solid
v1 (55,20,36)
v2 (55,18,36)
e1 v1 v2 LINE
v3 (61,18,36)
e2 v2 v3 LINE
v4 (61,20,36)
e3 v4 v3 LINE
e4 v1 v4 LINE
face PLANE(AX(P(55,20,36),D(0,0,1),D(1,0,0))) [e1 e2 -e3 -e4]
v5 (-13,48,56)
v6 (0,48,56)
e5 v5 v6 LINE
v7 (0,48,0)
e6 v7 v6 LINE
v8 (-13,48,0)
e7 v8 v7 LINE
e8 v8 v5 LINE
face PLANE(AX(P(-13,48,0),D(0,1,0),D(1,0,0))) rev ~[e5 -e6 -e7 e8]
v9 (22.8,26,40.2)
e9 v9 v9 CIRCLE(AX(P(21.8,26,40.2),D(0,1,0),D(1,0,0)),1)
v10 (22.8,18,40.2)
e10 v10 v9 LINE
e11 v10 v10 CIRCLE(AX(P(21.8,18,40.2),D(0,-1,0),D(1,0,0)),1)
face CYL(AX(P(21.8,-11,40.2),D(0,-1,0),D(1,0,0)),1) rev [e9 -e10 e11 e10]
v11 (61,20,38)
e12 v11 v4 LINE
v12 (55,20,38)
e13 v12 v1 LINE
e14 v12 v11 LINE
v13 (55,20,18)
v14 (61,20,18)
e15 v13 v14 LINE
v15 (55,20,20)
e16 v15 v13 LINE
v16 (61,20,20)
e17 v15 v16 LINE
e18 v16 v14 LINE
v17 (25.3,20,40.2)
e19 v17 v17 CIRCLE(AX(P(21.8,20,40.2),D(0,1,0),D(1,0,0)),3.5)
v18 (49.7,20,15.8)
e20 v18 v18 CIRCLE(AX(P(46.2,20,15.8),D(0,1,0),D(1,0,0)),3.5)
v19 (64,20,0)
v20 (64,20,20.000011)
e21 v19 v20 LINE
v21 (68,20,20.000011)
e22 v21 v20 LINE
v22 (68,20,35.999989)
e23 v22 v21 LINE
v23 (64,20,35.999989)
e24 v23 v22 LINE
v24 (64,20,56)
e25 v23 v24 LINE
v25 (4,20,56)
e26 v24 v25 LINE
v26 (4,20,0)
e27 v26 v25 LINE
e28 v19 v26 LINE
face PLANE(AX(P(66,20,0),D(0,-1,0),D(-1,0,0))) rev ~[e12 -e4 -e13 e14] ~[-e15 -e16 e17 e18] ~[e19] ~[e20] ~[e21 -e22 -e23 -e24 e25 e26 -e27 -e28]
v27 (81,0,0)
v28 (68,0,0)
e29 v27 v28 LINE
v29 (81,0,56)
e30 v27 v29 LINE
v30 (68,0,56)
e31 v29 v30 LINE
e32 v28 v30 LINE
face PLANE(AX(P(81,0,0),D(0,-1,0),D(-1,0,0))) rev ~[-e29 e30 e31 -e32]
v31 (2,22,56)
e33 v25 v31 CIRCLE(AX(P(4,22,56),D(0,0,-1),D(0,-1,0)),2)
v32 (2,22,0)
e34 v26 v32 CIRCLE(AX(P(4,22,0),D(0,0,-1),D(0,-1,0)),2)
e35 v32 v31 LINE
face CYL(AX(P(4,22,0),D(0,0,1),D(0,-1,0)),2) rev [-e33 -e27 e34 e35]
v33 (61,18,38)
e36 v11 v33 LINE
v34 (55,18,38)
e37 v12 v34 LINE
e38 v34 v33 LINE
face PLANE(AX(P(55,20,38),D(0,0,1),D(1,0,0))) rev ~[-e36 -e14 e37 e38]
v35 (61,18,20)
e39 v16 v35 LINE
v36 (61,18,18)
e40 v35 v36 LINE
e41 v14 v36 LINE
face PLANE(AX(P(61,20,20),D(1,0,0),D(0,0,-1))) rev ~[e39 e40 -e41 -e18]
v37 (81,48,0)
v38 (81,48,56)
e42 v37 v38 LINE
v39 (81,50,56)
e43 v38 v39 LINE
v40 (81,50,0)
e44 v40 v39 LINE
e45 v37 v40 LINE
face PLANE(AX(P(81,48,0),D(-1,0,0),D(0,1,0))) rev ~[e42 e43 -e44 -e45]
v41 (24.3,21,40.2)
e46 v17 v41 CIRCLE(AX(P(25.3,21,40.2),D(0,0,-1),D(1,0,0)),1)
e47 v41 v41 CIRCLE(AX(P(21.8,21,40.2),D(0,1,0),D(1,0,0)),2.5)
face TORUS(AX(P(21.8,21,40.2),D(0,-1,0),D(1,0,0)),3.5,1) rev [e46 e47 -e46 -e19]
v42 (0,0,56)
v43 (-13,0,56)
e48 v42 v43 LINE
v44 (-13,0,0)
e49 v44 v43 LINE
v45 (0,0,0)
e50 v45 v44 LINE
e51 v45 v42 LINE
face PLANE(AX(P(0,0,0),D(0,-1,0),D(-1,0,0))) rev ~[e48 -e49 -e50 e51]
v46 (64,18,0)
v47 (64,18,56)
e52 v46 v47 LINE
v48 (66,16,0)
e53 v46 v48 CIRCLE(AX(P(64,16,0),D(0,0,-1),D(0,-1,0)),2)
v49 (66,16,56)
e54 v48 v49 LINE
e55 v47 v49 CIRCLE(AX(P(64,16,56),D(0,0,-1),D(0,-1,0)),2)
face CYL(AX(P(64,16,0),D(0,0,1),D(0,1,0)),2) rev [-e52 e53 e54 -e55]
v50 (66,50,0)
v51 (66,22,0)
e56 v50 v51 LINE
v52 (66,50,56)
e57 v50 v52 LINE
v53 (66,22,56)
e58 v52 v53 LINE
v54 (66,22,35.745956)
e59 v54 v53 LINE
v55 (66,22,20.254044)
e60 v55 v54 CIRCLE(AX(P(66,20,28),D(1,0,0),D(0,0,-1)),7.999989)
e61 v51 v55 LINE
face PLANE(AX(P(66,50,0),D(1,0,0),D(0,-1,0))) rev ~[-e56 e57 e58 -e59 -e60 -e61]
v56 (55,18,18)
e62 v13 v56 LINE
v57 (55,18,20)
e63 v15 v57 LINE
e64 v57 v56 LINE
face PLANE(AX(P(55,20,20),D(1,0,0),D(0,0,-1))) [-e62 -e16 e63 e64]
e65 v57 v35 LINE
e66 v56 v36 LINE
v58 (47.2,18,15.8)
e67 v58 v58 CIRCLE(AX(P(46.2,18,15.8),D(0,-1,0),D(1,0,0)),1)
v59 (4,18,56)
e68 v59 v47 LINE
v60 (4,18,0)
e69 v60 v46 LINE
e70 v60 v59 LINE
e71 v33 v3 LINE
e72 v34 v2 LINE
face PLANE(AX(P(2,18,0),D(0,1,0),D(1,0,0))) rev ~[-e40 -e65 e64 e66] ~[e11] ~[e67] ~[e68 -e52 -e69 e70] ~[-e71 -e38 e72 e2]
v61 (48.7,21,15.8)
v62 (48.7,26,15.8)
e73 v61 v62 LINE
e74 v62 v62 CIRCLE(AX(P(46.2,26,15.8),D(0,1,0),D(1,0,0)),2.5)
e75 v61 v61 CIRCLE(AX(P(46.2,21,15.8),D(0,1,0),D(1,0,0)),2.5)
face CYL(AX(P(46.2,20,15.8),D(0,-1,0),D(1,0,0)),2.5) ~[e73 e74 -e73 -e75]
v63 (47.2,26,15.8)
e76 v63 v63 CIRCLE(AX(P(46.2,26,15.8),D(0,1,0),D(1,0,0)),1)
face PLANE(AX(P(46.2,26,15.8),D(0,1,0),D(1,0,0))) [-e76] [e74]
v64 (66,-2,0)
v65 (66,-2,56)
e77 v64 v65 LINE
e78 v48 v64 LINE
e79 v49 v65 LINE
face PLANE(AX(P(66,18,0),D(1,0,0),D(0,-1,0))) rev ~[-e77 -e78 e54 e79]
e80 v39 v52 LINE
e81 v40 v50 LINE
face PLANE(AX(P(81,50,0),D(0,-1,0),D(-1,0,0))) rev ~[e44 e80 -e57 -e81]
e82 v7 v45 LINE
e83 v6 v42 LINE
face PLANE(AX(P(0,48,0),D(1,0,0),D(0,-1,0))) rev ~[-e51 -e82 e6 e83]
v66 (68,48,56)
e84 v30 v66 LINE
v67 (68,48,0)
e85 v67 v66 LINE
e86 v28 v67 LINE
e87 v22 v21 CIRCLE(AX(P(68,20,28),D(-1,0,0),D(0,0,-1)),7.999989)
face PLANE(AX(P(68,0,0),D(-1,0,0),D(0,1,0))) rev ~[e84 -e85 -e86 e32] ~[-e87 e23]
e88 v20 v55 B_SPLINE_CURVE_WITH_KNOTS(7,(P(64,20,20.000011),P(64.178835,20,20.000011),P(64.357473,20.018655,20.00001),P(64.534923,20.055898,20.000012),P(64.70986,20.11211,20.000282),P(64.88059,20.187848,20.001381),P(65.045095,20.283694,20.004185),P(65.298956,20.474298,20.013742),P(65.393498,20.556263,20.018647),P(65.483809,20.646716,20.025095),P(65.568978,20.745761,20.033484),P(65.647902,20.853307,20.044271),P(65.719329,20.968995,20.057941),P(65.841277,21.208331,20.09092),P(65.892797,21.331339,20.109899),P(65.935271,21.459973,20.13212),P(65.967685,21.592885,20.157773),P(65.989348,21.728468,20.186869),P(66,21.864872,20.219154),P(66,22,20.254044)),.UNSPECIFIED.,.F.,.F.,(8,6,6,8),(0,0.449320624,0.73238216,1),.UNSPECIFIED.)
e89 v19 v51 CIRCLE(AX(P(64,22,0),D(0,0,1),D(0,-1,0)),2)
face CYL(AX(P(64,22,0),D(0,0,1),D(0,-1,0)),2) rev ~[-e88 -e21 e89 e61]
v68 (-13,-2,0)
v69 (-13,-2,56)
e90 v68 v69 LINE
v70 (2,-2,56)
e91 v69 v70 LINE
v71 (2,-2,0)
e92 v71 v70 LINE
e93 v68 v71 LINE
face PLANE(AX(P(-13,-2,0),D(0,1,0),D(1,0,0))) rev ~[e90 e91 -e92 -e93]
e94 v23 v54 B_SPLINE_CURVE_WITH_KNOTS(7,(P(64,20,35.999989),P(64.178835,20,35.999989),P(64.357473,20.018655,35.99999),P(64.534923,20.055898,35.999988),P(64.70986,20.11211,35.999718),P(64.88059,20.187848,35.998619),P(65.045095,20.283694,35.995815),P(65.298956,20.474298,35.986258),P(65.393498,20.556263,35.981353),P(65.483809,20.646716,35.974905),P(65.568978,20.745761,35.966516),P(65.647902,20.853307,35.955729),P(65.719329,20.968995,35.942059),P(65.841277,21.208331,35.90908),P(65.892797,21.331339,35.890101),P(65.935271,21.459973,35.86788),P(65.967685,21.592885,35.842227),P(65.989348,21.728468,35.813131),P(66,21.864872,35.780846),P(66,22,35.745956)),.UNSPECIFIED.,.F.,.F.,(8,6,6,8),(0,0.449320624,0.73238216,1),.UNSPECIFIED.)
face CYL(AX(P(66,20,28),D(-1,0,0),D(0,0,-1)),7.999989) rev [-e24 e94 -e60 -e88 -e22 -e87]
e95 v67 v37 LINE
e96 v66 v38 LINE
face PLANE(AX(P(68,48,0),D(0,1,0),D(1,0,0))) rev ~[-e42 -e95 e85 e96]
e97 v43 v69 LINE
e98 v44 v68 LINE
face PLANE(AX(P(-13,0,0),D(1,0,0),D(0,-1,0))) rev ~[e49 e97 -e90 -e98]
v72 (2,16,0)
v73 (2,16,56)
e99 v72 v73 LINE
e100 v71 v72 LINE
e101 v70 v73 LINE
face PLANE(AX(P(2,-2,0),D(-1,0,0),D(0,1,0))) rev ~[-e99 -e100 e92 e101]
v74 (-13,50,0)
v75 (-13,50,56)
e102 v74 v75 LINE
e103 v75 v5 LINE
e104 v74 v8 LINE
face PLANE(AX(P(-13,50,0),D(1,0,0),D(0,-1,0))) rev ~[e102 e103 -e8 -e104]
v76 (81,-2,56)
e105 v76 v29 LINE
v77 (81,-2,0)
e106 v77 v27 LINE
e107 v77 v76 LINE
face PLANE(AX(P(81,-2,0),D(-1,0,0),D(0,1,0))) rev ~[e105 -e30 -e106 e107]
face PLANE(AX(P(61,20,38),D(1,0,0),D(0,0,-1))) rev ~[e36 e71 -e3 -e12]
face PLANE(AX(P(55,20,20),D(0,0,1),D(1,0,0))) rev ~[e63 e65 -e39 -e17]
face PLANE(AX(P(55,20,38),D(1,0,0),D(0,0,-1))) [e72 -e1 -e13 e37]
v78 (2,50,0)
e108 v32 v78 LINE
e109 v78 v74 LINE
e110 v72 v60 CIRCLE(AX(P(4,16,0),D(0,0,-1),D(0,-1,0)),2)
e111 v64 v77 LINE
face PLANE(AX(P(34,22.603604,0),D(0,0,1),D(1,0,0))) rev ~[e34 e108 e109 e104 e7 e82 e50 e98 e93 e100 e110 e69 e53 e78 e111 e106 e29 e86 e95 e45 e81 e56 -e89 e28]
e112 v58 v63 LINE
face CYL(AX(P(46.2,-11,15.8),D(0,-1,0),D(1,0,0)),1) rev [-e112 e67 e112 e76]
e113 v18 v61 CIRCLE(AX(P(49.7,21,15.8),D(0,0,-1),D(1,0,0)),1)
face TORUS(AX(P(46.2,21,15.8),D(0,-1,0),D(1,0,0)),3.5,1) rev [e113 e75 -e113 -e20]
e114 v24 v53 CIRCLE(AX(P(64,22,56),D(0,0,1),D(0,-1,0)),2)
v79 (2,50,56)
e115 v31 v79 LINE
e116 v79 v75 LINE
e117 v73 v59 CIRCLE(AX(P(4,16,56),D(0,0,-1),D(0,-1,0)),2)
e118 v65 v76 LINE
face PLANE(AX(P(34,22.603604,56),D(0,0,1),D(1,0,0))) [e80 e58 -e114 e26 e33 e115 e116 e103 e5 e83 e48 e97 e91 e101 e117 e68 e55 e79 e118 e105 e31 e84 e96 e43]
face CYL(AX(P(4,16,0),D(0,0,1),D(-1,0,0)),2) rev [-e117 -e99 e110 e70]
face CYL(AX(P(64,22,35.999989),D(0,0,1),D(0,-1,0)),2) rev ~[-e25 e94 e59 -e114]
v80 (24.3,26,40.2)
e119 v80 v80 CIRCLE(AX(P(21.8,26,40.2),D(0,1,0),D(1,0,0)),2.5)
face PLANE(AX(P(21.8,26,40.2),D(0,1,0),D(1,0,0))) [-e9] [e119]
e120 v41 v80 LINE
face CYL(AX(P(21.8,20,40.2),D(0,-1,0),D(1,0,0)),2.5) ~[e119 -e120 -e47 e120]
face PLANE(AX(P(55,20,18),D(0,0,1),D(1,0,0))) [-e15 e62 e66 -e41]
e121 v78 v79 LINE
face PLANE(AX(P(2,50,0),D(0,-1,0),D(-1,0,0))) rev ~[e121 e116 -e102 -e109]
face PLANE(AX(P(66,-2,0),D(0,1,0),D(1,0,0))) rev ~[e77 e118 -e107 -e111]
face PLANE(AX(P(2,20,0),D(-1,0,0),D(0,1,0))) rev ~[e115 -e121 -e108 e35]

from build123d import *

# Parameters (mm, degrees)
BOSS_EXTRUDE2_DEPTH = 56
SKETCH2_R           = 2.5
SKETCH2_R_2         = 1
BOSS_EXTRUDE3_DEPTH = 6
CUT_EXTRUDE1_START  = -31
SKETCH3_R           = 1
CUT_EXTRUDE1_DEPTH  = 31
SKETCH2_3_W         = 6
SKETCH2_3_H         = 2
CUT_EXTRUDE2_DEPTH  = 31
CUT_EXTRUDE3_DEPTH  = 31
FILLET1_R           = 1
FILLET2_R           = 2


with BuildPart() as part:
    # Sketch1 → Boss-Extrude2 (new body)
    with BuildSketch(Plane.XY):
        Polygon((0, 48), (0, 0), (-13, 0), (-13, -2), (2, -2), (2, 18), (66, 18), (66, -2), (81, -2), (81, 0), (68, 0), (68, 48), (81, 48), (81, 50), (66, 50), (66, 20), (2, 20), (2, 50), (-13, 50), (-13, 48), align=None)
    extrude(amount=BOSS_EXTRUDE2_DEPTH)

    # Sketch2 → Boss-Extrude3 (add)
    # profile 1 of 2: a face of its own
    with BuildSketch(Plane(origin=(0, 20, 0), x_dir=(1, 0, 0), z_dir=(0, 1, 0))):
        with Locations((46.2, -15.8)):
            Circle(SKETCH2_R)
        with Locations((46.2, -15.8)):
            Circle(SKETCH2_R_2, mode=Mode.SUBTRACT)
    # profile 2 of 2: a face of its own
    with BuildSketch(Plane(origin=(0, 20, 0), x_dir=(1, 0, 0), z_dir=(0, 1, 0))):
        with Locations((21.8, -40.2)):
            Circle(SKETCH2_R)
        with Locations((21.8, -40.2)):
            Circle(SKETCH2_R_2, mode=Mode.SUBTRACT)
    extrude(amount=BOSS_EXTRUDE3_DEPTH)

    # Sketch3 → Cut-Extrude1 (cut)
    with BuildSketch(Plane(origin=(0, 20, 0), x_dir=(1, 0, 0), z_dir=(0, 1, 0)).offset(CUT_EXTRUDE1_START)):
        with Locations((46.2, -15.8)):
            Circle(SKETCH3_R)
        with Locations((21.8, -40.2)):
            Circle(SKETCH3_R)
    extrude(amount=CUT_EXTRUDE1_DEPTH, mode=Mode.SUBTRACT)

    # Sketch2<3> → Cut-Extrude2 (cut)
    with BuildSketch(Plane(origin=(0, 20, 0), x_dir=(1, 0, 0), z_dir=(0, 1, 0))):
        with Locations((58, -19)):
            Rectangle(SKETCH2_3_W, SKETCH2_3_H)
        with Locations((58, -37)):
            Rectangle(SKETCH2_3_W, SKETCH2_3_H)
    extrude(amount=-CUT_EXTRUDE2_DEPTH, mode=Mode.SUBTRACT)

    # Sketch6 → Cut-Extrude3 (cut)
    with BuildSketch(Plane.ZY.offset(-66)):
        with BuildLine():
            Line((35.999989218, 20), (20.000010782, 20))
            ThreePointArc((20.000010782, 20), (28, 27.999989218), (35.999989218, 20))
        make_face()
    extrude(amount=-CUT_EXTRUDE3_DEPTH, mode=Mode.SUBTRACT)

    # Fillet1
    fillet1_edges = [part.edges().sort_by_distance(p)[0] for p in [
        (19.3, 20, 40.2),
        (43.7, 20, 15.8),
    ]]
    fillet(fillet1_edges, radius=FILLET1_R)

    # Fillet2
    fillet2_edges = [part.edges().sort_by_distance(p)[0] for p in [
        (2, 18, 28),
        (66, 18, 28),
        (2, 20, 28),
        (66, 20, 45.999994609),
        (66, 20, 10.000005391),
    ]]
    fillet(fillet2_edges, radius=FILLET2_R)


solid = part.part
